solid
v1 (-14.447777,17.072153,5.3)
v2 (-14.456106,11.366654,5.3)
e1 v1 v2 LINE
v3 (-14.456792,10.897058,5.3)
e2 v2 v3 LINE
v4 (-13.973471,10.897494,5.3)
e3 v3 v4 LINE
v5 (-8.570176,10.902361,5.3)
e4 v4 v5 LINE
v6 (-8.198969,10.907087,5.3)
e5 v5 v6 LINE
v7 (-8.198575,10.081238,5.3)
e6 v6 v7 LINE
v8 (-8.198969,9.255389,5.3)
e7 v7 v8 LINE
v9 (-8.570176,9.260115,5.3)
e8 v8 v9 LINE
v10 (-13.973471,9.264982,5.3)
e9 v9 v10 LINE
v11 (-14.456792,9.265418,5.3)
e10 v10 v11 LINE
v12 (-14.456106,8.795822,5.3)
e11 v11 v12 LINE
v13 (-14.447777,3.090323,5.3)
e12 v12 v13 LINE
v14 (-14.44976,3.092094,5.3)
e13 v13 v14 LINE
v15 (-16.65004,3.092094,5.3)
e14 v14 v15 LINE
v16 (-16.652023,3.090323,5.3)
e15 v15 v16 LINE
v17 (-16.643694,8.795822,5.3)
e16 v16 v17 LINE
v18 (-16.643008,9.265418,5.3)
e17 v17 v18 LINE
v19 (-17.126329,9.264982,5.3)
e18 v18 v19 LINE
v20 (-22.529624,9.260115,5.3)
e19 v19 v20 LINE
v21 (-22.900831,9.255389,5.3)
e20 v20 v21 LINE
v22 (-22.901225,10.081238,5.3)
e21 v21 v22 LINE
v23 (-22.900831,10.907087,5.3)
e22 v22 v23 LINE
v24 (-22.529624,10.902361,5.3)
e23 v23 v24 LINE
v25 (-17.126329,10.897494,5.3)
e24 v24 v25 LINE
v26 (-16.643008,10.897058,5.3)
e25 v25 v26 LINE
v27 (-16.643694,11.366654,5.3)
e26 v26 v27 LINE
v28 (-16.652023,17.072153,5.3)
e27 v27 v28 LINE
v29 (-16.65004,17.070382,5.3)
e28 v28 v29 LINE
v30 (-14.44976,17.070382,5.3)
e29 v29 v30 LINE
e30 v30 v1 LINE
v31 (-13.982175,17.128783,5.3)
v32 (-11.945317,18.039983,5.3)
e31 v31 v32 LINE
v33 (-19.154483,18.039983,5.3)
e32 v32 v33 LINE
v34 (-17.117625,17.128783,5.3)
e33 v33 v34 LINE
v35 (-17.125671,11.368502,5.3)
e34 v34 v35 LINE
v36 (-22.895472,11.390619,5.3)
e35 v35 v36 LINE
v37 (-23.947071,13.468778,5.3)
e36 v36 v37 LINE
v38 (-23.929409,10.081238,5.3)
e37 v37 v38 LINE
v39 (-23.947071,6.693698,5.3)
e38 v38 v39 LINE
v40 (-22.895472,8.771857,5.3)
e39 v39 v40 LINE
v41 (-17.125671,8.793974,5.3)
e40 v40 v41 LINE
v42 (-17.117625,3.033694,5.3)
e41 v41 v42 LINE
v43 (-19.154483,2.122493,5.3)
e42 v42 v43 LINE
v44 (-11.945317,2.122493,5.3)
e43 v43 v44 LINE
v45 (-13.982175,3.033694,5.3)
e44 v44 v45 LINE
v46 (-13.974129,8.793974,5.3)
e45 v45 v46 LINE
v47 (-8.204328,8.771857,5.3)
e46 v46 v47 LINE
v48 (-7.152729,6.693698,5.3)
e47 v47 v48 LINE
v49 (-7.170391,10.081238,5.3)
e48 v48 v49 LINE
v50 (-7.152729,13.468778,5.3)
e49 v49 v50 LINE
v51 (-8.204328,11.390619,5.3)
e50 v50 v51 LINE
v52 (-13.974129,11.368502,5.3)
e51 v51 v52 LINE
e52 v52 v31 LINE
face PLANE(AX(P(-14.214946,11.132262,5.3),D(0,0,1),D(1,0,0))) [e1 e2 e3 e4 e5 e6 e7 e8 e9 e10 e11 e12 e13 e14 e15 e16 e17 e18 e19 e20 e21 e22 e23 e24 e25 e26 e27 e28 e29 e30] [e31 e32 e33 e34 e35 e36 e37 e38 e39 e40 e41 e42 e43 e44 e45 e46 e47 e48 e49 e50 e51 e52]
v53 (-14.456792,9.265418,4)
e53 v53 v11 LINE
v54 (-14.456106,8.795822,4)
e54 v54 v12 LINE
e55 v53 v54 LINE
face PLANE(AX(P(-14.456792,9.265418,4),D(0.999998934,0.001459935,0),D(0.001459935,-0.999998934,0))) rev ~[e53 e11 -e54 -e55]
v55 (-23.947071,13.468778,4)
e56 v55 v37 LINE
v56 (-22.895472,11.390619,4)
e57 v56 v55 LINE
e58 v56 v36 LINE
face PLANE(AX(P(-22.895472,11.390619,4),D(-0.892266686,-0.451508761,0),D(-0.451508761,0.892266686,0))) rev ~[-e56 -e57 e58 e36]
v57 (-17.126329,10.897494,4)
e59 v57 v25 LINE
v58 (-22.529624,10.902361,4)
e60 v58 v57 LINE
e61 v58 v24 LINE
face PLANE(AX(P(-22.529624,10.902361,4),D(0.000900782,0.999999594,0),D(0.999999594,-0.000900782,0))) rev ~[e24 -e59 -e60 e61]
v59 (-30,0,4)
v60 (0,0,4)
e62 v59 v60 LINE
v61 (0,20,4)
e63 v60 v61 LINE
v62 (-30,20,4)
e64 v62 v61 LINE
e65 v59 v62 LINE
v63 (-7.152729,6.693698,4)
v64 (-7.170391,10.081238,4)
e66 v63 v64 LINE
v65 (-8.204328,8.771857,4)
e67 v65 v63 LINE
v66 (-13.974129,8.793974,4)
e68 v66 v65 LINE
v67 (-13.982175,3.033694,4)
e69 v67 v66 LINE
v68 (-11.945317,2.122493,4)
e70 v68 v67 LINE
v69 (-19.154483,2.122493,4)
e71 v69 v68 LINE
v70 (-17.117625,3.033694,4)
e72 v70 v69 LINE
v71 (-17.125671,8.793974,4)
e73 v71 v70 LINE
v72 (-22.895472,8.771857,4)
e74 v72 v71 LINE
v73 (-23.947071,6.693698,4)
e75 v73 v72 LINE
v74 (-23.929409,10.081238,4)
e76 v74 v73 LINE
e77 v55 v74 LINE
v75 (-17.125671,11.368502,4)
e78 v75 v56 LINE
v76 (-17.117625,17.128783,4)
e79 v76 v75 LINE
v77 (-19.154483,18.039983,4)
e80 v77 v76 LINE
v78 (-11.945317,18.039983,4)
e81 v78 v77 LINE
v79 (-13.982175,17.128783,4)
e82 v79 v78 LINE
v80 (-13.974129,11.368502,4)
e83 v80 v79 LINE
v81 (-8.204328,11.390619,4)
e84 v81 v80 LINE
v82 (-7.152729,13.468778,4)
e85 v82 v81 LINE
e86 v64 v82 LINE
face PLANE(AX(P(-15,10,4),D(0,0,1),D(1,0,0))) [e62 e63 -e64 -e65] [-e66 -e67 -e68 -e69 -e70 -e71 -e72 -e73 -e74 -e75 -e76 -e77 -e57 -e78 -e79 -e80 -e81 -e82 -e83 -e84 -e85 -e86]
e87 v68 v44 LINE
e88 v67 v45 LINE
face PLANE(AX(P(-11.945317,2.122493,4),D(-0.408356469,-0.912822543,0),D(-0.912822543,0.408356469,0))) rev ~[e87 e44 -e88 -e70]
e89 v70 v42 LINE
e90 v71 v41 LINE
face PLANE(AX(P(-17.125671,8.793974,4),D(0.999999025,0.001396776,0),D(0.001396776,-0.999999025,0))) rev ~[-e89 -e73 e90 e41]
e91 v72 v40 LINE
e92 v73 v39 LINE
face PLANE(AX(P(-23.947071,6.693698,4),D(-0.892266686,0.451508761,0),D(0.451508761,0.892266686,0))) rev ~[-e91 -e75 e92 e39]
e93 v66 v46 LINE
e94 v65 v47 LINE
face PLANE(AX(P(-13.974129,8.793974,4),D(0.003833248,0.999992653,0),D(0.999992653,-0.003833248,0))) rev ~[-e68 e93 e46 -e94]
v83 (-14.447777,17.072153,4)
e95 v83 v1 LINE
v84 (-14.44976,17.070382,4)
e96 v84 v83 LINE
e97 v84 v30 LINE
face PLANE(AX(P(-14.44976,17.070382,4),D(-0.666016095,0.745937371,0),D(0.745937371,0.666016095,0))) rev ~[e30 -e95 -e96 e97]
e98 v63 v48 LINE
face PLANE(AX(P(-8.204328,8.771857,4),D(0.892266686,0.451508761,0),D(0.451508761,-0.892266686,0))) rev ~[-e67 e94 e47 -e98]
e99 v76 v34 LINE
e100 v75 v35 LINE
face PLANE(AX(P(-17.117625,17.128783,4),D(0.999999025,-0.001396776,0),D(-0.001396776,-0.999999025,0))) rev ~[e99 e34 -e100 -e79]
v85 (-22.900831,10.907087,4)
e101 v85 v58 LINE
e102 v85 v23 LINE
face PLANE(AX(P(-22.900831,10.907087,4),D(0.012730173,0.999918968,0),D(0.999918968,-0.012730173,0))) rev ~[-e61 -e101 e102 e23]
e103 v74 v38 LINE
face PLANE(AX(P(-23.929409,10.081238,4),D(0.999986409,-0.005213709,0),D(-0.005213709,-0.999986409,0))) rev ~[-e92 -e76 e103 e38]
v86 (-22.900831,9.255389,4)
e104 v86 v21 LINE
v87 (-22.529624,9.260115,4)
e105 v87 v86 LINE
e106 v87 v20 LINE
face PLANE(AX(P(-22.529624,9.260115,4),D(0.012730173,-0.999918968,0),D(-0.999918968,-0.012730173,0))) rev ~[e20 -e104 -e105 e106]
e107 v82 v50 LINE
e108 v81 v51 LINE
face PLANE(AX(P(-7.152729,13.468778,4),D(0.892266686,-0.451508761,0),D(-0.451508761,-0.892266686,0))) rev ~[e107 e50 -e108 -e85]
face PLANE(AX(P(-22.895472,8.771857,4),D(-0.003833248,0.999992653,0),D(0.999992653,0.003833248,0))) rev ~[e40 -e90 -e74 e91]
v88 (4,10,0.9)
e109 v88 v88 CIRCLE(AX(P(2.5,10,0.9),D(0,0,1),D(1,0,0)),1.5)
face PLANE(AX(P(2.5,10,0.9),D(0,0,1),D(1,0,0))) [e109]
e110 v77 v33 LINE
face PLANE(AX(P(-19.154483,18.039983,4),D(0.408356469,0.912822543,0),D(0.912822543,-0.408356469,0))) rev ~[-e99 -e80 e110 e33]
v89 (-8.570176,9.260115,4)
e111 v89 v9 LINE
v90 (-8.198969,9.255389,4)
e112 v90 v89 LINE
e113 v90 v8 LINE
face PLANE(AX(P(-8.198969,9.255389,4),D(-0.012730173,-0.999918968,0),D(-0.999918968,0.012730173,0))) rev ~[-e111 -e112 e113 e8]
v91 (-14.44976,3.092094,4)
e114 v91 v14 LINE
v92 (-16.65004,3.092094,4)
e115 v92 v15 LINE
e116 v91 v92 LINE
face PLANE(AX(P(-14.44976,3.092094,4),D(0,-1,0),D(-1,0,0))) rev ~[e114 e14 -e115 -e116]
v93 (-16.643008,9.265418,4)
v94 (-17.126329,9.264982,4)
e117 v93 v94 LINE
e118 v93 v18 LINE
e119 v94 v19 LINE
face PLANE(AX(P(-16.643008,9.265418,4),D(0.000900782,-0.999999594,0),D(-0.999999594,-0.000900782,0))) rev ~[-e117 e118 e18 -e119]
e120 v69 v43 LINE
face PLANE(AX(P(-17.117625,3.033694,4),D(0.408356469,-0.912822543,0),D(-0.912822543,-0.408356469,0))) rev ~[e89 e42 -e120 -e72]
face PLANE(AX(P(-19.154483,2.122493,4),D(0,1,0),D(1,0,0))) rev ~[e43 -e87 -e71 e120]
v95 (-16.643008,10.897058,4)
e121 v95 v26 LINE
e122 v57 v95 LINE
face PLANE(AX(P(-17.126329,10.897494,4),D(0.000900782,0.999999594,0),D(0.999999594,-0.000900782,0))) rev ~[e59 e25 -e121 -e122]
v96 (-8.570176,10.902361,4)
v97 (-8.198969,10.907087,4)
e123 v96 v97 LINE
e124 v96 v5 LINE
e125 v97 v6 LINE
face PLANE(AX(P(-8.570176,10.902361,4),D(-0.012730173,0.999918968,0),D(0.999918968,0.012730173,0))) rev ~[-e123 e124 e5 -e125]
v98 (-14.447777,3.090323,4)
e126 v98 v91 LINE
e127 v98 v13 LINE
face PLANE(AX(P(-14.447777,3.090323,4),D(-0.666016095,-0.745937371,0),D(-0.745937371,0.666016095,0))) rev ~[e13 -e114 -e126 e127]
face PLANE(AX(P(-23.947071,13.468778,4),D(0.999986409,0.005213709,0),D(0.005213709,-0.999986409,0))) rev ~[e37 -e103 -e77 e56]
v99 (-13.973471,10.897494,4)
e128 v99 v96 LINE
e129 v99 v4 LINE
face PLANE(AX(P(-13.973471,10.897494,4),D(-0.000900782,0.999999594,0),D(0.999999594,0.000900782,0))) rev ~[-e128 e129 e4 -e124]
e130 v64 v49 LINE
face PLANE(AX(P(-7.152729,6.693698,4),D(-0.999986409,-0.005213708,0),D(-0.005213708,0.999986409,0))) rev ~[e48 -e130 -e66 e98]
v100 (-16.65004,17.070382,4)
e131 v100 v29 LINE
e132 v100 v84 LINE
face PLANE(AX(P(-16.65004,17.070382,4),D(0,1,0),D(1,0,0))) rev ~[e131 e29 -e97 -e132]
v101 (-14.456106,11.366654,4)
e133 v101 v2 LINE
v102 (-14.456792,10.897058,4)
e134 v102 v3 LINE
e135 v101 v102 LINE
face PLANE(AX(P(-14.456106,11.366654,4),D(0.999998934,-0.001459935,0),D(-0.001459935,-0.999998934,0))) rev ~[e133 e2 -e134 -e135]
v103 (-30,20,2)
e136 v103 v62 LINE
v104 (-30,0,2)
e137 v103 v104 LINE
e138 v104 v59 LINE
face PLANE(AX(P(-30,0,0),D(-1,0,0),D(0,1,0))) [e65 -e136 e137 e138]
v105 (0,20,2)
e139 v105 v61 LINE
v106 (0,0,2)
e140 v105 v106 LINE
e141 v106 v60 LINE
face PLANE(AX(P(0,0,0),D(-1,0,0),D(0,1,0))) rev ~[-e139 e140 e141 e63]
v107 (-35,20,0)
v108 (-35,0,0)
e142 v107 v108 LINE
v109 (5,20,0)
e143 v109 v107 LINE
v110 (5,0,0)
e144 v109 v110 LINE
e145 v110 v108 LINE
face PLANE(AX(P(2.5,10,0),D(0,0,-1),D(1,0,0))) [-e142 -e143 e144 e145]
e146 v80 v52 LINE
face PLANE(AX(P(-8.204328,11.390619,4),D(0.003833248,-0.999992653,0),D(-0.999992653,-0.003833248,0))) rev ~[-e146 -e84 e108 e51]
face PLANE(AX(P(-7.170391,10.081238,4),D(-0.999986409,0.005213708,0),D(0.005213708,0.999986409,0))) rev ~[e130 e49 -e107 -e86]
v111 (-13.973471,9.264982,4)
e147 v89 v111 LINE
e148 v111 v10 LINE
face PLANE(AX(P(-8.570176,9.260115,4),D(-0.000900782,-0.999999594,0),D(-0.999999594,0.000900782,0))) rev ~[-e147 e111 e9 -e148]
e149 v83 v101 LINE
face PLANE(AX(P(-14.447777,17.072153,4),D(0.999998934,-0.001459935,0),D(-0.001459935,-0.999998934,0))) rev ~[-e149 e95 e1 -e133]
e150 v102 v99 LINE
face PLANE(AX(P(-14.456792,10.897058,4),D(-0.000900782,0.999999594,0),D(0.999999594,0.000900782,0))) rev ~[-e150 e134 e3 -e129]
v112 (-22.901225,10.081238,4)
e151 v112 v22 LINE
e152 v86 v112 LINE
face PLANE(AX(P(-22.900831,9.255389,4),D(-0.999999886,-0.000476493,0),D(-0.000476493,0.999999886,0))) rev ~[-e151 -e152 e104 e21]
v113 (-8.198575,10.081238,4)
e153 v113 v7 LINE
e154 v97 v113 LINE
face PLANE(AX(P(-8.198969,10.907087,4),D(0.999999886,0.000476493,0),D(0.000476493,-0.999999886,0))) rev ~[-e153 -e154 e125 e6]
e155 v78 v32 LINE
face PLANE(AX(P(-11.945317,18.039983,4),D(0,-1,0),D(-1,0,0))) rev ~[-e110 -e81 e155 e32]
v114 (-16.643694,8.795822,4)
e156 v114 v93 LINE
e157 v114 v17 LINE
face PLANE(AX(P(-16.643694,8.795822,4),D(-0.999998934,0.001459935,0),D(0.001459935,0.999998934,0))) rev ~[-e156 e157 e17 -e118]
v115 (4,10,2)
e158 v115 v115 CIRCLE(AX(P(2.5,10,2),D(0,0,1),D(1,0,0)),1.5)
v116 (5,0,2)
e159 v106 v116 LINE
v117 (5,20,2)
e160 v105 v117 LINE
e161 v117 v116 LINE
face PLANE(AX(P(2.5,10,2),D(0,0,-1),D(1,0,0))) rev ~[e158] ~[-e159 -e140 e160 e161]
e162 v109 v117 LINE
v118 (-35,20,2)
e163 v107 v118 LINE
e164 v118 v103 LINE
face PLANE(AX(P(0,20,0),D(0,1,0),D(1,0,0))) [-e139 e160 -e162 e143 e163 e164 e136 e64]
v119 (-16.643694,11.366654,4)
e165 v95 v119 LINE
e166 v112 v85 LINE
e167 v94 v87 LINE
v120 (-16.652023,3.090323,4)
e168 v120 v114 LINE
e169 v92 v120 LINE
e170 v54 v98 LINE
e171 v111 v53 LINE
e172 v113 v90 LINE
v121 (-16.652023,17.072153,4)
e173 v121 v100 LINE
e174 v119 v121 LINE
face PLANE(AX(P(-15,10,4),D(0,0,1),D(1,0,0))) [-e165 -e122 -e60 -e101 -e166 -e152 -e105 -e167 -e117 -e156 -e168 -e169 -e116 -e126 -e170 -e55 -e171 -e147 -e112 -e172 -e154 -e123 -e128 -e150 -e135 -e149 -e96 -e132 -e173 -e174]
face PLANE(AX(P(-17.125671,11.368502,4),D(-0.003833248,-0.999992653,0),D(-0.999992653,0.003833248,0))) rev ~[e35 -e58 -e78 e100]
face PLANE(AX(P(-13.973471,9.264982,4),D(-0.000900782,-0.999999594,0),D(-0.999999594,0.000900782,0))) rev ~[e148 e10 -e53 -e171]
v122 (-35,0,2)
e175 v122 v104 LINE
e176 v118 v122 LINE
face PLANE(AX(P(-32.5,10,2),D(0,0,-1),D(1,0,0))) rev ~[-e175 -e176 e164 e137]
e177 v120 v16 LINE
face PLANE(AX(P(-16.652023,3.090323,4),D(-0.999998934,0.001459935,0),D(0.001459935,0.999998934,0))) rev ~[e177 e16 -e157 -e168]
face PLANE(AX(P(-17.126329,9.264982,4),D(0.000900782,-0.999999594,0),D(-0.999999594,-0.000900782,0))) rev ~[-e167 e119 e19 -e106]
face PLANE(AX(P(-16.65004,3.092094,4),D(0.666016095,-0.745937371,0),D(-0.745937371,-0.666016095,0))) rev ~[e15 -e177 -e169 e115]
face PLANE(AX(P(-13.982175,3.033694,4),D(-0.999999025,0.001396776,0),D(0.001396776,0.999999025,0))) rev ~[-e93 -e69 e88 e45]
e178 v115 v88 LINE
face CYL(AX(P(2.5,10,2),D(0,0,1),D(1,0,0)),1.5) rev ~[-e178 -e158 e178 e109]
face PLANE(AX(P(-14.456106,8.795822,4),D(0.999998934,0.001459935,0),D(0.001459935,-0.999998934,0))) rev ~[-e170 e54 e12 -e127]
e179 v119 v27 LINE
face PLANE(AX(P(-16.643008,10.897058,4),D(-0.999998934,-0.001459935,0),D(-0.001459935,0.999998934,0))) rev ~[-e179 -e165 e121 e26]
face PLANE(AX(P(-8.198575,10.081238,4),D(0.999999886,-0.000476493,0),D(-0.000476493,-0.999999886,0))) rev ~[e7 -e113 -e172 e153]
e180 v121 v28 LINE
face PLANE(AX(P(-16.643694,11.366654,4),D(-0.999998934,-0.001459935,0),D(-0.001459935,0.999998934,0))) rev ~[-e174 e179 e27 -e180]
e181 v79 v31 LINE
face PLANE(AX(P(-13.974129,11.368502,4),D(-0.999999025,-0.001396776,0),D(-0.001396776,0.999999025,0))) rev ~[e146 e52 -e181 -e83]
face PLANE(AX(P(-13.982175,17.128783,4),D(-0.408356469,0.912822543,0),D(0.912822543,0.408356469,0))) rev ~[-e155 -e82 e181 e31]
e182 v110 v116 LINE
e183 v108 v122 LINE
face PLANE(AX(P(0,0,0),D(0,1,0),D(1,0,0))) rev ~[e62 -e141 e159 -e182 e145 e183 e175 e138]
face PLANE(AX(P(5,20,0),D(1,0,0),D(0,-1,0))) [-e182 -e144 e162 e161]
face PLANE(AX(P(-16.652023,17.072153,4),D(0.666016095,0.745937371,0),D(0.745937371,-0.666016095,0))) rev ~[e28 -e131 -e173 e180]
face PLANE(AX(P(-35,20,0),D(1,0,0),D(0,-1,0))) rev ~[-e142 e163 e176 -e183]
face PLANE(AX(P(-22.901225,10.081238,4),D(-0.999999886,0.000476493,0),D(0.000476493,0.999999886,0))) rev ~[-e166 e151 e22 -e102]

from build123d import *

# Parameters (mm, degrees)
F0_W     = 30
F0_H     = 20
F1_DEPTH = 4
F2_W     = 5
F2_H     = 20
F3_DEPTH = 2
F5_DEPTH = 1.3
F6_W     = 5
F6_H     = 20
F7_DEPTH = 2
F8_R     = 1.5
F9_DEPTH = 1.1


with BuildPart() as f1:
    # F0 (on Top) → F1 (new body)
    with BuildSketch(Plane.XY):
        with Locations((-15, 10)):
            Rectangle(F0_W, F0_H)
    extrude(amount=F1_DEPTH)

    # F2 (on face) → F3 (join)
    with BuildSketch(Plane(origin=(0, 0, 0), x_dir=(1, 0, 0), z_dir=(0, 0, -1))):
        with Locations((-32.5, -10)):
            Rectangle(F2_W, F2_H)
    extrude(amount=-F3_DEPTH)

    # F4 (on face) → F5 (join)
    with BuildSketch(Plane.XY.offset(4)):
        Polygon((-14.4567919296, 10.897058451), (-13.9734713034, 10.8974938178), (-13.9741291965, 11.3685017389), (-14.4561063498, 11.3666541874), align=None)
        Polygon((-13.9741291965, 11.3685017389), (-13.9734713034, 10.8974938178), (-8.5701756179, 10.902361013), (-8.198968805, 10.9070869228), (-8.1985752936, 10.0812381133), (-8.198968805, 9.2553893039), (-8.5701756179, 9.2601152137), (-13.9734713034, 9.2649824089), (-13.9741291965, 8.7939744878), (-8.2043278962, 8.7718572468), (-7.1527287364, 6.6936984658), (-7.1703906207, 10.0812381133), (-7.1527287364, 13.4687777609), (-8.2043278962, 11.3906189799), align=None)
        Polygon((-14.4561063498, 11.3666541874), (-13.9741291965, 11.3685017389), (-13.9821750256, 17.1287826718), (-11.9453166755, 18.0399830909), (-15.5499000102, 18.0399830909), (-19.1544833449, 18.0399830909), (-17.1176249949, 17.1287826718), (-17.1256708239, 11.3685017389), (-16.6436936706, 11.3666541874), (-16.6520233348, 17.0721532121), (-16.650039608, 17.0703820259), (-15.5499000102, 17.0703820259), (-14.4497604124, 17.0703820259), (-14.4477766856, 17.0721532121), align=None)
        Polygon((-13.9741291965, 8.7939744878), (-13.9734713034, 9.2649824089), (-14.4567919296, 9.2654177757), (-14.4561063498, 8.7958220392), align=None)
        Polygon((-16.6436936706, 11.3666541874), (-17.1256708239, 11.3685017389), (-17.1263287171, 10.8974938178), (-16.6430080908, 10.897058451), align=None)
        Polygon((-17.1263287171, 10.8974938178), (-17.1256708239, 11.3685017389), (-22.8954721242, 11.3906189799), (-23.9470712841, 13.4687777609), (-23.9294093997, 10.0812381133), (-23.9470712841, 6.6936984658), (-22.8954721242, 8.7718572468), (-17.1256708239, 8.7939744878), (-17.1263287171, 9.2649824089), (-22.5296244025, 9.2601152137), (-22.9008312154, 9.2553893039), (-22.9012247269, 10.0812381133), (-22.9008312154, 10.9070869228), (-22.5296244025, 10.902361013), align=None)
        Polygon((-13.9821750256, 3.0336935549), (-13.9741291965, 8.7939744878), (-14.4561063498, 8.7958220392), (-14.4477766856, 3.0903230146), (-14.4497604124, 3.0920942008), (-15.5499000102, 3.0920942008), (-16.650039608, 3.0920942008), (-16.6520233348, 3.0903230146), (-16.6436936706, 8.7958220392), (-17.1256708239, 8.7939744878), (-17.1176249949, 3.0336935549), (-19.1544833449, 2.1224931358), (-15.5499000102, 2.1224931358), (-11.9453166755, 2.1224931358), align=None)
        Polygon((-17.1263287171, 9.2649824089), (-17.1256708239, 8.7939744878), (-16.6436936706, 8.7958220392), (-16.6430080908, 9.2654177757), align=None)
    extrude(amount=F5_DEPTH)

    # F6 (on face) → F7 (join)
    with BuildSketch(Plane(origin=(0, 0, 0), x_dir=(1, 0, 0), z_dir=(0, 0, -1))):
        with Locations((2.5, -10)):
            Rectangle(F6_W, F6_H)
    extrude(amount=-F7_DEPTH)

    # F8 (on face) → F9 (cut)
    with BuildSketch(Plane.XY.offset(2)):
        with Locations((2.5, 10)):
            Circle(F8_R)
    extrude(amount=-F9_DEPTH, mode=Mode.SUBTRACT)


solid = f1.part
